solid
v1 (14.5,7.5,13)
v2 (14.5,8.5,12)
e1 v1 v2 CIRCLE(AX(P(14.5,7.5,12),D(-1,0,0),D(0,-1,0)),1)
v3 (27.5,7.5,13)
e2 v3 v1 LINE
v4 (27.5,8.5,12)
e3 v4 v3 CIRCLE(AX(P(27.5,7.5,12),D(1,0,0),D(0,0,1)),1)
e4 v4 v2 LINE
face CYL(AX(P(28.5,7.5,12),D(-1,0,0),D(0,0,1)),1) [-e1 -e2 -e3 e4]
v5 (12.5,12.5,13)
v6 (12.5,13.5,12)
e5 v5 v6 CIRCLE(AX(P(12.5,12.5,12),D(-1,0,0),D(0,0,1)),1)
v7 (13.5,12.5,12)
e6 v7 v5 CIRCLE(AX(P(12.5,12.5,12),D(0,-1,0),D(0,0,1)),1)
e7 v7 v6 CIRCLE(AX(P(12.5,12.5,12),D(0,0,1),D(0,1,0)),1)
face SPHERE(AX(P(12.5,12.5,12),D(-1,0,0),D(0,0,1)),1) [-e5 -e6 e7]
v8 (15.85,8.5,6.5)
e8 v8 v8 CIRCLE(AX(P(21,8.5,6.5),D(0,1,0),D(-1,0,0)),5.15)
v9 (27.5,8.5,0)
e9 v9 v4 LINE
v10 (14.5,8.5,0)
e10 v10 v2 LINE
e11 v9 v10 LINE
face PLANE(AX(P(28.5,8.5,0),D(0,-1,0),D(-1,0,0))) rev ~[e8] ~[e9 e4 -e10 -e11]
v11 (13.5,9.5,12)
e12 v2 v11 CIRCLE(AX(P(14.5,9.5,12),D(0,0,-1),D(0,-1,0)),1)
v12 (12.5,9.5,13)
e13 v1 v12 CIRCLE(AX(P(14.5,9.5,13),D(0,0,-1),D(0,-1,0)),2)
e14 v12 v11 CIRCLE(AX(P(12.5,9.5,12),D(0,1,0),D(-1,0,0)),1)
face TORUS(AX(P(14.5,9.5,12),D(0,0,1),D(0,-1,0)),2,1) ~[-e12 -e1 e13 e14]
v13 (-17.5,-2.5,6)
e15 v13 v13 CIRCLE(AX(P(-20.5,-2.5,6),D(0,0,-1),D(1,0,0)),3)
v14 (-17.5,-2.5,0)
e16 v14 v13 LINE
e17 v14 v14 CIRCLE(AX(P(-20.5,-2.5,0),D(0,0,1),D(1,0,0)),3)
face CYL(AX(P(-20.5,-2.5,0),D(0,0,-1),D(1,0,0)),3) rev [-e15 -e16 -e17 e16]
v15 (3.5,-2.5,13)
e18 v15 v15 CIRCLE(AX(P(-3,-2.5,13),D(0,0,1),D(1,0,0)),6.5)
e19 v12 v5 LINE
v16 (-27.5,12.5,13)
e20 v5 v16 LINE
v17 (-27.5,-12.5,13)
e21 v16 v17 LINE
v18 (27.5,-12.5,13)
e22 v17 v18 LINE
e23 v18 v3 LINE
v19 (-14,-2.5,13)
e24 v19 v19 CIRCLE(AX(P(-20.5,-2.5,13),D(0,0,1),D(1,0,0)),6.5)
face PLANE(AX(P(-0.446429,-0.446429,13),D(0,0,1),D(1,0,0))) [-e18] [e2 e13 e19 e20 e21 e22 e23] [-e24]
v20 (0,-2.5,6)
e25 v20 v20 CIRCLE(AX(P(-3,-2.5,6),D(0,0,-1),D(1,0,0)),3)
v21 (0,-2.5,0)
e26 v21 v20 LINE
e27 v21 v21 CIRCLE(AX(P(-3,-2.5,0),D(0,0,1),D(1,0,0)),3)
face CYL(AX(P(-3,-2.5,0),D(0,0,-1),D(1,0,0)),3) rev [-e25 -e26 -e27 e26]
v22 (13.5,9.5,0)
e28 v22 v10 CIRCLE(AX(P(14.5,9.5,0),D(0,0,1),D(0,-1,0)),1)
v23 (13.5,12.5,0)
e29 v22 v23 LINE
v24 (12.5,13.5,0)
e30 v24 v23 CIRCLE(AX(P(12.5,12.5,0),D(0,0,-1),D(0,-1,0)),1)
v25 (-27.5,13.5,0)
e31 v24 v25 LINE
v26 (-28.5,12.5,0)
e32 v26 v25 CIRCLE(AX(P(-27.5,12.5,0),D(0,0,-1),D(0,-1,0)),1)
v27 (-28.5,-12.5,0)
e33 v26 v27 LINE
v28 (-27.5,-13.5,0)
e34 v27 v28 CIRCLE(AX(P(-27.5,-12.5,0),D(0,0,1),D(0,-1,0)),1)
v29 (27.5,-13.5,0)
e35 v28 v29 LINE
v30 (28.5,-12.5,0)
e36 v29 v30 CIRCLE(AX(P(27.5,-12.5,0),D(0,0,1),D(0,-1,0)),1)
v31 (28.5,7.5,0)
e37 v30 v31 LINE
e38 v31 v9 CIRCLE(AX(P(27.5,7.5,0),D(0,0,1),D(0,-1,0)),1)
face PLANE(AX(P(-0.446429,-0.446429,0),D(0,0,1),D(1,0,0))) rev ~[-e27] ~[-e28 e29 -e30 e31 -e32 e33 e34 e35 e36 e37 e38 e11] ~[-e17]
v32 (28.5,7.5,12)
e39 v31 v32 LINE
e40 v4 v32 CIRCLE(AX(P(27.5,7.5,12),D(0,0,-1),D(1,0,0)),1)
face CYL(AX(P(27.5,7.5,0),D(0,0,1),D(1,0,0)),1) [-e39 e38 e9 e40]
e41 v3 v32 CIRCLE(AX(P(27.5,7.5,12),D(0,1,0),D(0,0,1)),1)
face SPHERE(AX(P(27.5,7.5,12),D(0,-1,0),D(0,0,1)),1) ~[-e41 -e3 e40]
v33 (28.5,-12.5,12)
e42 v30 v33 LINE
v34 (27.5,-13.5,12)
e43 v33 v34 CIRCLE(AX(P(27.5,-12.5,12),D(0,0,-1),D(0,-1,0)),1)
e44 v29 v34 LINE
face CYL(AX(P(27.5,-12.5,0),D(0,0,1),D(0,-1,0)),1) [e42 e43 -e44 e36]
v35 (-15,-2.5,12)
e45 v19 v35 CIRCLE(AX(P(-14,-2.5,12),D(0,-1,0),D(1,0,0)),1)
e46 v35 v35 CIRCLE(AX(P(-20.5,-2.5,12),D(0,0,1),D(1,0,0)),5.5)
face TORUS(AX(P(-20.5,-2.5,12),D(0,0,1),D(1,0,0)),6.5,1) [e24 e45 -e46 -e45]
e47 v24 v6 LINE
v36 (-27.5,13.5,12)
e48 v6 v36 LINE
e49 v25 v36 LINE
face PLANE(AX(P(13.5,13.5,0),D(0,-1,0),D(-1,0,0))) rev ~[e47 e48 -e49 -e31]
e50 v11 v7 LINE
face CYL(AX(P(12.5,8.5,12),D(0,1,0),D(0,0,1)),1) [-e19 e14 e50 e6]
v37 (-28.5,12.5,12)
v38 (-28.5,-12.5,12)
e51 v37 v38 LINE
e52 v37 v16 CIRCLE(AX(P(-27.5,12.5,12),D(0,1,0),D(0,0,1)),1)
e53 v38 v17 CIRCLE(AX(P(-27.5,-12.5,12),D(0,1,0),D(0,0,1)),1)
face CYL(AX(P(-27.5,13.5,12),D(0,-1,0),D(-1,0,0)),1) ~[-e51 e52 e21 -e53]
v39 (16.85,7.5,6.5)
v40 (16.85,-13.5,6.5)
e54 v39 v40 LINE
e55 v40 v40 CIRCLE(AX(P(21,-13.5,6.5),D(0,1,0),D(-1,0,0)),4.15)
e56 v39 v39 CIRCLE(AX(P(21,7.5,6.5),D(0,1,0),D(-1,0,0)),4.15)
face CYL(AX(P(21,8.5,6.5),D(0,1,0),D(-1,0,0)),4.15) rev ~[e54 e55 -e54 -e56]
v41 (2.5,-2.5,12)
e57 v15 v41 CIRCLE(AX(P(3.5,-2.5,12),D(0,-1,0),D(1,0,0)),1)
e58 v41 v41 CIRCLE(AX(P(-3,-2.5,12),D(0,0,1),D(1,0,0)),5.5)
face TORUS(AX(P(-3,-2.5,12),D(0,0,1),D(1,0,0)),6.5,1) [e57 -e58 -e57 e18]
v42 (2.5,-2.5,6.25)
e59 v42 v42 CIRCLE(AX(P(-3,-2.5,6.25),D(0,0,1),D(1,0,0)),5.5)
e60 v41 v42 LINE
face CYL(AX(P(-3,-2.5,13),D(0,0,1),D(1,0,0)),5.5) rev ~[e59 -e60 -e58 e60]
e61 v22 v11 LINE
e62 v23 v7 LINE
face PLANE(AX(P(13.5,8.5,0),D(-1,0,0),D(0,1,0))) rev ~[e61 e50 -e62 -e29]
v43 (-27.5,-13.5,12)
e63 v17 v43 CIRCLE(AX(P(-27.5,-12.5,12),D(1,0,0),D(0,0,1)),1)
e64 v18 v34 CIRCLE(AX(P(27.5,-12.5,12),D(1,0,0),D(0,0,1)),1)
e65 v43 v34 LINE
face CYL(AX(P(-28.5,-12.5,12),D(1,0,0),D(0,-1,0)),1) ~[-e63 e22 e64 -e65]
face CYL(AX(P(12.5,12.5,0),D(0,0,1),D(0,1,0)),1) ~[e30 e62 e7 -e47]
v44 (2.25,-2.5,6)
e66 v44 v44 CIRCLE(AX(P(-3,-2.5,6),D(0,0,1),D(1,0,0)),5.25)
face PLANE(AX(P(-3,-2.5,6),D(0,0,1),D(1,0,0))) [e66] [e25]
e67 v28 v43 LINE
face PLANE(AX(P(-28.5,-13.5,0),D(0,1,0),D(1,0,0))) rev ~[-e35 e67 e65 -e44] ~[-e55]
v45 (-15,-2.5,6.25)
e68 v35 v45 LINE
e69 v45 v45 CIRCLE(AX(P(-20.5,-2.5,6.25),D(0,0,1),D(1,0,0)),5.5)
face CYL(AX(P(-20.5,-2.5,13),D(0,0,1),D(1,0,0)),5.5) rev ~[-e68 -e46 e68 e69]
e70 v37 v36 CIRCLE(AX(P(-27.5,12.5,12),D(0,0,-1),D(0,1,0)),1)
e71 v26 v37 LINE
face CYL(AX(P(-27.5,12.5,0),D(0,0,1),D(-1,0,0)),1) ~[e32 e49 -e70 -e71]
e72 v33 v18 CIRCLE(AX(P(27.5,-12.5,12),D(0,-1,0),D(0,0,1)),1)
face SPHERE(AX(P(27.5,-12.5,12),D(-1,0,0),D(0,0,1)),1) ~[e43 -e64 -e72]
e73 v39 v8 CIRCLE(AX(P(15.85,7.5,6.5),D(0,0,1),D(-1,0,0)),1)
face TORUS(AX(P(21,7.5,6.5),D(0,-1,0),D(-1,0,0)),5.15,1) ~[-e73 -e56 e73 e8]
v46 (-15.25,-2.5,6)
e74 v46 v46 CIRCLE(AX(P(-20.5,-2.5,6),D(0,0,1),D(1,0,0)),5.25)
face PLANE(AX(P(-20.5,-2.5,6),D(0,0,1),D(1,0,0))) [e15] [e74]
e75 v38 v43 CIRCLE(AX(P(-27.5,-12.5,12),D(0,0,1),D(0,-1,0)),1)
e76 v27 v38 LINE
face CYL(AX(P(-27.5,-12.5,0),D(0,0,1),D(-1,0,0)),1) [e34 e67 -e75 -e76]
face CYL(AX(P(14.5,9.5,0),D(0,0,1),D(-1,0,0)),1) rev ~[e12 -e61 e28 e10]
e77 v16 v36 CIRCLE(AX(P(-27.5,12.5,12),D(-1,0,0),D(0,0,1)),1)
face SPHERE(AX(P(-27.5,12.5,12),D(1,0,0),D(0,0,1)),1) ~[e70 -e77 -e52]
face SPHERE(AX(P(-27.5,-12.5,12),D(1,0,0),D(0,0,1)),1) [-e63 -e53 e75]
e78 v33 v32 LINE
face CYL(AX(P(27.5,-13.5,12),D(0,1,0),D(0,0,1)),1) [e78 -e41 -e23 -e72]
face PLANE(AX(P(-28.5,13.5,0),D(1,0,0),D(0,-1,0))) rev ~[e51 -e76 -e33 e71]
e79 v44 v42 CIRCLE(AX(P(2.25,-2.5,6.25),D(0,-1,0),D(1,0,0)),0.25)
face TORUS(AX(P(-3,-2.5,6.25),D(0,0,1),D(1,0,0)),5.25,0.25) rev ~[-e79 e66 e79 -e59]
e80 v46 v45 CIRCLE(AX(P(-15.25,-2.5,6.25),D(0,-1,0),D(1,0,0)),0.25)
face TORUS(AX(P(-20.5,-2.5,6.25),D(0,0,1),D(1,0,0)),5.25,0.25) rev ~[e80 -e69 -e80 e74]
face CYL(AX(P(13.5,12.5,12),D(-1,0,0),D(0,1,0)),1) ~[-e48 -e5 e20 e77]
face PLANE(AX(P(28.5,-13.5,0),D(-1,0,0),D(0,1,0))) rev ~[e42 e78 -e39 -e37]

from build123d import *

# Parameters (mm, degrees)
F0_R     = 3
F1_DEPTH = 13
F2_R     = 4.15
F3_DEPTH = 22.001
F4_R     = 5.5
F5_DEPTH = 7
F6_R     = 1
F7_R     = 0.25


with BuildPart() as f1:
    # F0 (on Top) → F1 (new body)
    with BuildSketch(Plane.XY):
        Polygon((-28.5, 13.5), (-28.5, -13.5), (28.5, -13.5), (28.5, 8.5), (13.5, 8.5), (13.5, 13.5), align=None)
        with Locations((-20.5, -2.5)):
            Circle(F0_R, mode=Mode.SUBTRACT)
        with Locations((-3, -2.5)):
            Circle(F0_R, mode=Mode.SUBTRACT)
    extrude(amount=F1_DEPTH)

    # F2 (on face) → F3 (cut, through all)
    with BuildSketch(Plane(origin=(0, 8.5, 0), x_dir=(-1, 0, 0), z_dir=(0, 1, 0))):
        with Locations((-21, 6.5)):
            Circle(F2_R)
    extrude(amount=-F3_DEPTH, mode=Mode.SUBTRACT)

    # F4 (on face) → F5 (cut)
    with BuildSketch(Plane.XY.offset(13)):
        with Locations((-20.5, -2.5)):
            Circle(F4_R)
        with Locations((-3, -2.5)):
            Circle(F4_R)
    extrude(amount=-F5_DEPTH, mode=Mode.SUBTRACT)

    # F6
    f6_edges = [f1.edges().sort_by_distance(p)[0] for p in [
        (0, -13.5, 13),
        (28.5, -2.5, 13),
        (-7.5, 13.5, 13),
        (21, 8.5, 13),
        (13.5, 11, 13),
        (-28.5, 0, 13),
        (-28.5, -13.5, 6.5),
        (28.5, -13.5, 6.5),
        (28.5, 8.5, 6.5),
        (13.5, 8.5, 6.5),
        (13.5, 13.5, 6.5),
        (-28.5, 13.5, 6.5),
        (25.15, 8.5, 6.5),
        (-8.5, -2.5, 13),
        (-26, -2.5, 13),
    ]]
    fillet(f6_edges, radius=F6_R)

    # F7
    f7_edges = [f1.edges().sort_by_distance(p)[0] for p in [
        (-8.5, -2.5, 6),
        (-26, -2.5, 6),
    ]]
    fillet(f7_edges, radius=F7_R)


solid = f1.part
